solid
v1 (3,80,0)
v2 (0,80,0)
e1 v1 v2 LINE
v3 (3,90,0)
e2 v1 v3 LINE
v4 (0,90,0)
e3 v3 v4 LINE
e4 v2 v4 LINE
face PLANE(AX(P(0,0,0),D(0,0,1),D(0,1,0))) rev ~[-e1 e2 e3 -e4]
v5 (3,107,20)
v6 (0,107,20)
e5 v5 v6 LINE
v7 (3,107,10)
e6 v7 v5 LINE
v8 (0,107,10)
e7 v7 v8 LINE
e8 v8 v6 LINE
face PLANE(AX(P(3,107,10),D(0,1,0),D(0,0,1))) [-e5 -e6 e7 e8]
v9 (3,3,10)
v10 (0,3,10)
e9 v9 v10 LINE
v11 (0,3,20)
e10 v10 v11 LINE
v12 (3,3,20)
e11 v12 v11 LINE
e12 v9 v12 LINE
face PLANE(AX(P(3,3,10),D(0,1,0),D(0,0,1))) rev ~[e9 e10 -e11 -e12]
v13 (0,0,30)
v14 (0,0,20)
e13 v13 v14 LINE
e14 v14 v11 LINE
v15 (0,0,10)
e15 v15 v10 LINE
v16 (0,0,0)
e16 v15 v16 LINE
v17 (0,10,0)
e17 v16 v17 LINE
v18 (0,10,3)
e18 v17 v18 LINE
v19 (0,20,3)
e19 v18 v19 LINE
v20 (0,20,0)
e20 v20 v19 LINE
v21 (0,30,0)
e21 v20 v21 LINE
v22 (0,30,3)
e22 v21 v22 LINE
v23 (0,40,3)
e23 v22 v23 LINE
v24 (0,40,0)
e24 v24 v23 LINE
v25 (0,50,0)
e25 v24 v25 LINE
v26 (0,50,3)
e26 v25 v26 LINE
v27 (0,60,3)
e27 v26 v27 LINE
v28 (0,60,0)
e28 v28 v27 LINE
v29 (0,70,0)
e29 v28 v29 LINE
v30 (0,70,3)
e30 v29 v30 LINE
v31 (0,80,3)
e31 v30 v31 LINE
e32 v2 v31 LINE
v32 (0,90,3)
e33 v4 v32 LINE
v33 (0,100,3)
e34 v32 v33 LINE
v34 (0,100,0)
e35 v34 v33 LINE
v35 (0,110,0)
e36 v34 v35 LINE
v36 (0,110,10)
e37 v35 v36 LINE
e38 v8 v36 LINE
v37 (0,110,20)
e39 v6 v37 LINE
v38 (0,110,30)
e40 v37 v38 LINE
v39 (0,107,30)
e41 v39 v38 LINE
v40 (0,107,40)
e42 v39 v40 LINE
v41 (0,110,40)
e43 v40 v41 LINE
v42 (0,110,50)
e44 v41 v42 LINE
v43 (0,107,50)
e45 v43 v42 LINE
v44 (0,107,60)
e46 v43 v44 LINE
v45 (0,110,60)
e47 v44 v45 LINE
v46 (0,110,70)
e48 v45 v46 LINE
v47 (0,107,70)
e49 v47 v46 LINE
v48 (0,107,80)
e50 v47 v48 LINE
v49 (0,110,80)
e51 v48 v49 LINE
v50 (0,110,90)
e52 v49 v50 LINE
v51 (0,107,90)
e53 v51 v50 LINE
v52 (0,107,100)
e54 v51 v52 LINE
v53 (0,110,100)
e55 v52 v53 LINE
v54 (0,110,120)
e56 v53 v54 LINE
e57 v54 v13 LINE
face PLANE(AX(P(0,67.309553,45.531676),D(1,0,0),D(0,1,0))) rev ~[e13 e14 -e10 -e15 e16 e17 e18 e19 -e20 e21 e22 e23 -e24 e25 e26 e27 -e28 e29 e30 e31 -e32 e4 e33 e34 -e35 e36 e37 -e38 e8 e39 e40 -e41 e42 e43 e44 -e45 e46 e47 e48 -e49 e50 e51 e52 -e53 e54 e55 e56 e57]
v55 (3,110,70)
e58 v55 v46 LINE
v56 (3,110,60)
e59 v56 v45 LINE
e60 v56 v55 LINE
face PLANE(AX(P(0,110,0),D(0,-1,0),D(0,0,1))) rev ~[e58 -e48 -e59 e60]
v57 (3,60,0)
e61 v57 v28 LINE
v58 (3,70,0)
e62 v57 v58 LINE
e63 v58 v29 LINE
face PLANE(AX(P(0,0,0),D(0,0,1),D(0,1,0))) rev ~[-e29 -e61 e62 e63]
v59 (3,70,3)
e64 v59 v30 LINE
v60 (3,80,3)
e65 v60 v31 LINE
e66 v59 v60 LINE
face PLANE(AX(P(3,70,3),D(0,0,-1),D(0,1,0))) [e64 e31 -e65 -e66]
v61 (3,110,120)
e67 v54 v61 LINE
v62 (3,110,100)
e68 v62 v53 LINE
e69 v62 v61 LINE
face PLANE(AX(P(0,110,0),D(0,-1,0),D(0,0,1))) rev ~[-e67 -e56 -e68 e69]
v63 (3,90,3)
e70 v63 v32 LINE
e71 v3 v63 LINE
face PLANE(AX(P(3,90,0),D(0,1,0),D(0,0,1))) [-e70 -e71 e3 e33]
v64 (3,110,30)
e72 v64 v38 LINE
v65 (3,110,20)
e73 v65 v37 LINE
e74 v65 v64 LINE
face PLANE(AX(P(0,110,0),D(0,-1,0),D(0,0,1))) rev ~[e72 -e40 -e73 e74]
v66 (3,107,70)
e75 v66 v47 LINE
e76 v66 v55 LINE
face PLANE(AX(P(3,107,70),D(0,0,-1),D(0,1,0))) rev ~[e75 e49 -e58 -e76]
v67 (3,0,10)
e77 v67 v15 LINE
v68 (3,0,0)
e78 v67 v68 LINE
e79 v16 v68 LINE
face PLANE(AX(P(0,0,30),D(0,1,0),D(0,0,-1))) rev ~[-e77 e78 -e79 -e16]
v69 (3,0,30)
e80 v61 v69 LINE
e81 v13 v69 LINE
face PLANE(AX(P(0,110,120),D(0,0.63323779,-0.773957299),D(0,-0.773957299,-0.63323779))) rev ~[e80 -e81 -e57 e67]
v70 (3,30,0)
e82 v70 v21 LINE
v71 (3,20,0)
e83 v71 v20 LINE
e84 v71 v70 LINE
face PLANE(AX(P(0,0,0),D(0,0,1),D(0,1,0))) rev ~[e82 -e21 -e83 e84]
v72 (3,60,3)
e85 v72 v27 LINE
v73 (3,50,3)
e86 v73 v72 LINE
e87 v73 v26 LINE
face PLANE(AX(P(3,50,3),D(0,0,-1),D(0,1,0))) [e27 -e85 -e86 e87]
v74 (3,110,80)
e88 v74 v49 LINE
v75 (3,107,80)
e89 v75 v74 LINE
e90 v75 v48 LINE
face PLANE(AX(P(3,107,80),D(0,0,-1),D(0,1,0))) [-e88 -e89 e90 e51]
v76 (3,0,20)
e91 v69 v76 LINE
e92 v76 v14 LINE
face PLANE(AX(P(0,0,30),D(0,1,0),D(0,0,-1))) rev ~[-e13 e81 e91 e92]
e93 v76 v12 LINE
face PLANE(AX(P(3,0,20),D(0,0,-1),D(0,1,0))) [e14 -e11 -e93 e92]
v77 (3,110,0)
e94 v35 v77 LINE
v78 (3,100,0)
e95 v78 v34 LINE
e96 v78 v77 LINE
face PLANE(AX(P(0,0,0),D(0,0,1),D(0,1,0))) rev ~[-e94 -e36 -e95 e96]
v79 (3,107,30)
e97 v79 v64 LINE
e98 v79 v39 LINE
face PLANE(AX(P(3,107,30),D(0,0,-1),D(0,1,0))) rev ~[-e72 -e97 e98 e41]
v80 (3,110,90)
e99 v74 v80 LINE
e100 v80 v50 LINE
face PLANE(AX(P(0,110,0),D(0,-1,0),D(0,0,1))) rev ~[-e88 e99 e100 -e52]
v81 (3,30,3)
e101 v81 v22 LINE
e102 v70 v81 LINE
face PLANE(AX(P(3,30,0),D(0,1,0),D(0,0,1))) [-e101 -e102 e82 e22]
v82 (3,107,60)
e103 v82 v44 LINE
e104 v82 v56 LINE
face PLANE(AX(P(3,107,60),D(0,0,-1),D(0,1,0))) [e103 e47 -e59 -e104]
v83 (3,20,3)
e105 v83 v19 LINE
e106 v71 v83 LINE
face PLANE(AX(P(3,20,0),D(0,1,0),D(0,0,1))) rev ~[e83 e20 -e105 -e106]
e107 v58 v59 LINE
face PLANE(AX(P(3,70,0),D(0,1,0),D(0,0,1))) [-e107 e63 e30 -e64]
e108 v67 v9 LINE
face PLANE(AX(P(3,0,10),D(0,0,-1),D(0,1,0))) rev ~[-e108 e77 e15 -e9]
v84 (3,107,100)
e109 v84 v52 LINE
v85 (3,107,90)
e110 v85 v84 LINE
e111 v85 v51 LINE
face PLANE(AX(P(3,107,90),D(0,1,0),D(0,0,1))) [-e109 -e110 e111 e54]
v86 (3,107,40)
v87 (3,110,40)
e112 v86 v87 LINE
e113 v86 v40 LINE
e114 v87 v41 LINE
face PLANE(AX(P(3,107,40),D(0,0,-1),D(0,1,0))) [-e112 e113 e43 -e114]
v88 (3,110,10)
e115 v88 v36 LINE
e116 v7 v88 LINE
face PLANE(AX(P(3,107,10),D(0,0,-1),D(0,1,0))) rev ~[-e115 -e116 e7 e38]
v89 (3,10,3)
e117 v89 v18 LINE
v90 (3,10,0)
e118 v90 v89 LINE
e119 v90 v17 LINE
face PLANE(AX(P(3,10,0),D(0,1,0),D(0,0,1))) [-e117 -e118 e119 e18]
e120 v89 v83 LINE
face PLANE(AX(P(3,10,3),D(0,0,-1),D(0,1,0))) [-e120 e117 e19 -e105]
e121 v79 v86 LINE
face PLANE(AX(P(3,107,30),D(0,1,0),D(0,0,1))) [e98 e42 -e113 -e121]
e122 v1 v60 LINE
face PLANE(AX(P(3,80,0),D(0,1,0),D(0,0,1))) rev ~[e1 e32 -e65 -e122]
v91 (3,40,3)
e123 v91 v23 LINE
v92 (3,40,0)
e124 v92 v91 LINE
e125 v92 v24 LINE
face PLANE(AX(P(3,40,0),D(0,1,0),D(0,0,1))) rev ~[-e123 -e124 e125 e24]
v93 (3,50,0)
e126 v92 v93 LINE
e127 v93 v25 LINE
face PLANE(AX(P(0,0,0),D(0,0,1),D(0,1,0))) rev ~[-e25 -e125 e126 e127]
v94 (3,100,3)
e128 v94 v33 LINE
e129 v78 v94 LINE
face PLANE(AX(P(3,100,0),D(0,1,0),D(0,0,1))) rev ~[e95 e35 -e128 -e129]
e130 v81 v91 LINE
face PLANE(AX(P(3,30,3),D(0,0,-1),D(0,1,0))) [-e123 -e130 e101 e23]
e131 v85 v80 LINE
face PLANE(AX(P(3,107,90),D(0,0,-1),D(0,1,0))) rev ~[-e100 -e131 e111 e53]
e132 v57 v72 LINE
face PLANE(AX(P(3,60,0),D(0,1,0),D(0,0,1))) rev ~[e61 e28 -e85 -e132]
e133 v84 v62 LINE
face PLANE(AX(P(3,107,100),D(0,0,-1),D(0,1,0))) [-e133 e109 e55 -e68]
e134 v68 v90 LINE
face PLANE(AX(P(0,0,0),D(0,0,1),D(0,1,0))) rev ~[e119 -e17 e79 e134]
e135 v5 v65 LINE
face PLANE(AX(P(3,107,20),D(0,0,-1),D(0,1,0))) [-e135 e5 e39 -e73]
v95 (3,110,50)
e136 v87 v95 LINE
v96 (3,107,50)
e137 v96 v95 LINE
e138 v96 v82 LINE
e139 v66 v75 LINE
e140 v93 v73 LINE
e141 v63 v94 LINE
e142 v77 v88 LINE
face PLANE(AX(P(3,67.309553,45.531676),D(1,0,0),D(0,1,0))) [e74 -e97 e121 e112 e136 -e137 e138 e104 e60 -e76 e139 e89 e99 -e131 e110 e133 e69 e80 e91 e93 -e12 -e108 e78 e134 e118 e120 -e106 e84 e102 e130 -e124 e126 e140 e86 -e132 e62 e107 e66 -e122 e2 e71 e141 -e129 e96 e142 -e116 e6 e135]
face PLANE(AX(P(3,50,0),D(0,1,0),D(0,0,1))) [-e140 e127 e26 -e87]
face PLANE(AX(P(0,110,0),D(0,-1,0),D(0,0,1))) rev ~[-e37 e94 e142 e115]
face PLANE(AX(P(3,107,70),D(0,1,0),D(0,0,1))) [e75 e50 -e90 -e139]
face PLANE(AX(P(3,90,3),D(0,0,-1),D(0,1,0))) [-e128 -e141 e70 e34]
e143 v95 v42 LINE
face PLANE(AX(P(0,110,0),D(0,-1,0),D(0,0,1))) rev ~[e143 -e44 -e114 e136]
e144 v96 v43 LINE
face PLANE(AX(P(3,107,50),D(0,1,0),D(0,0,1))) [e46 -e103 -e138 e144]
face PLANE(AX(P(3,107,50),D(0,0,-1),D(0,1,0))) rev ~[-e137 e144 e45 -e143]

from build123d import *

# Parameters (mm, degrees)
F1_DEPTH = 3
F2_W     = 10
F2_H     = 3
F3_DEPTH = 25
F4_W     = 3
F4_H     = 10
F5_DEPTH = 25
F6_W     = 3
F6_H     = 10
F7_DEPTH = 25


with BuildPart() as f1:
    # F0 (on Right) → F1 (new body)
    with BuildSketch(Plane.YZ):
        Polygon((0, 0), (110, 0), (110, 120), (0, 30), align=None)
    extrude(amount=F1_DEPTH)

    # F2 (on face) → F3 (cut)
    with BuildSketch(Plane.YZ.offset(3)):
        with Locations((15, 1.5)):
            Rectangle(F2_W, F2_H)
        with Locations((35, 1.5)):
            Rectangle(F2_W, F2_H)
        with Locations((55, 1.5)):
            Rectangle(F2_W, F2_H)
        with Locations((75, 1.5)):
            Rectangle(F2_W, F2_H)
        with Locations((95, 1.5)):
            Rectangle(F2_W, F2_H)
    extrude(amount=-F3_DEPTH, mode=Mode.SUBTRACT)

    # F4 (on face) → F5 (cut)
    with BuildSketch(Plane.YZ.offset(3)):
        with Locations((1.5, 15)):
            Rectangle(F4_W, F4_H)
    extrude(amount=-F5_DEPTH, mode=Mode.SUBTRACT)

    # F6 (on face) → F7 (cut)
    with BuildSketch(Plane.YZ.offset(3)):
        with Locations((108.5, 15)):
            Rectangle(F6_W, F6_H)
        with Locations((108.5, 35)):
            Rectangle(F6_W, F6_H)
        with Locations((108.5, 55)):
            Rectangle(F6_W, F6_H)
        with Locations((108.5, 75)):
            Rectangle(F6_W, F6_H)
        with Locations((108.5, 95)):
            Rectangle(F6_W, F6_H)
    extrude(amount=-F7_DEPTH, mode=Mode.SUBTRACT)


solid = f1.part
